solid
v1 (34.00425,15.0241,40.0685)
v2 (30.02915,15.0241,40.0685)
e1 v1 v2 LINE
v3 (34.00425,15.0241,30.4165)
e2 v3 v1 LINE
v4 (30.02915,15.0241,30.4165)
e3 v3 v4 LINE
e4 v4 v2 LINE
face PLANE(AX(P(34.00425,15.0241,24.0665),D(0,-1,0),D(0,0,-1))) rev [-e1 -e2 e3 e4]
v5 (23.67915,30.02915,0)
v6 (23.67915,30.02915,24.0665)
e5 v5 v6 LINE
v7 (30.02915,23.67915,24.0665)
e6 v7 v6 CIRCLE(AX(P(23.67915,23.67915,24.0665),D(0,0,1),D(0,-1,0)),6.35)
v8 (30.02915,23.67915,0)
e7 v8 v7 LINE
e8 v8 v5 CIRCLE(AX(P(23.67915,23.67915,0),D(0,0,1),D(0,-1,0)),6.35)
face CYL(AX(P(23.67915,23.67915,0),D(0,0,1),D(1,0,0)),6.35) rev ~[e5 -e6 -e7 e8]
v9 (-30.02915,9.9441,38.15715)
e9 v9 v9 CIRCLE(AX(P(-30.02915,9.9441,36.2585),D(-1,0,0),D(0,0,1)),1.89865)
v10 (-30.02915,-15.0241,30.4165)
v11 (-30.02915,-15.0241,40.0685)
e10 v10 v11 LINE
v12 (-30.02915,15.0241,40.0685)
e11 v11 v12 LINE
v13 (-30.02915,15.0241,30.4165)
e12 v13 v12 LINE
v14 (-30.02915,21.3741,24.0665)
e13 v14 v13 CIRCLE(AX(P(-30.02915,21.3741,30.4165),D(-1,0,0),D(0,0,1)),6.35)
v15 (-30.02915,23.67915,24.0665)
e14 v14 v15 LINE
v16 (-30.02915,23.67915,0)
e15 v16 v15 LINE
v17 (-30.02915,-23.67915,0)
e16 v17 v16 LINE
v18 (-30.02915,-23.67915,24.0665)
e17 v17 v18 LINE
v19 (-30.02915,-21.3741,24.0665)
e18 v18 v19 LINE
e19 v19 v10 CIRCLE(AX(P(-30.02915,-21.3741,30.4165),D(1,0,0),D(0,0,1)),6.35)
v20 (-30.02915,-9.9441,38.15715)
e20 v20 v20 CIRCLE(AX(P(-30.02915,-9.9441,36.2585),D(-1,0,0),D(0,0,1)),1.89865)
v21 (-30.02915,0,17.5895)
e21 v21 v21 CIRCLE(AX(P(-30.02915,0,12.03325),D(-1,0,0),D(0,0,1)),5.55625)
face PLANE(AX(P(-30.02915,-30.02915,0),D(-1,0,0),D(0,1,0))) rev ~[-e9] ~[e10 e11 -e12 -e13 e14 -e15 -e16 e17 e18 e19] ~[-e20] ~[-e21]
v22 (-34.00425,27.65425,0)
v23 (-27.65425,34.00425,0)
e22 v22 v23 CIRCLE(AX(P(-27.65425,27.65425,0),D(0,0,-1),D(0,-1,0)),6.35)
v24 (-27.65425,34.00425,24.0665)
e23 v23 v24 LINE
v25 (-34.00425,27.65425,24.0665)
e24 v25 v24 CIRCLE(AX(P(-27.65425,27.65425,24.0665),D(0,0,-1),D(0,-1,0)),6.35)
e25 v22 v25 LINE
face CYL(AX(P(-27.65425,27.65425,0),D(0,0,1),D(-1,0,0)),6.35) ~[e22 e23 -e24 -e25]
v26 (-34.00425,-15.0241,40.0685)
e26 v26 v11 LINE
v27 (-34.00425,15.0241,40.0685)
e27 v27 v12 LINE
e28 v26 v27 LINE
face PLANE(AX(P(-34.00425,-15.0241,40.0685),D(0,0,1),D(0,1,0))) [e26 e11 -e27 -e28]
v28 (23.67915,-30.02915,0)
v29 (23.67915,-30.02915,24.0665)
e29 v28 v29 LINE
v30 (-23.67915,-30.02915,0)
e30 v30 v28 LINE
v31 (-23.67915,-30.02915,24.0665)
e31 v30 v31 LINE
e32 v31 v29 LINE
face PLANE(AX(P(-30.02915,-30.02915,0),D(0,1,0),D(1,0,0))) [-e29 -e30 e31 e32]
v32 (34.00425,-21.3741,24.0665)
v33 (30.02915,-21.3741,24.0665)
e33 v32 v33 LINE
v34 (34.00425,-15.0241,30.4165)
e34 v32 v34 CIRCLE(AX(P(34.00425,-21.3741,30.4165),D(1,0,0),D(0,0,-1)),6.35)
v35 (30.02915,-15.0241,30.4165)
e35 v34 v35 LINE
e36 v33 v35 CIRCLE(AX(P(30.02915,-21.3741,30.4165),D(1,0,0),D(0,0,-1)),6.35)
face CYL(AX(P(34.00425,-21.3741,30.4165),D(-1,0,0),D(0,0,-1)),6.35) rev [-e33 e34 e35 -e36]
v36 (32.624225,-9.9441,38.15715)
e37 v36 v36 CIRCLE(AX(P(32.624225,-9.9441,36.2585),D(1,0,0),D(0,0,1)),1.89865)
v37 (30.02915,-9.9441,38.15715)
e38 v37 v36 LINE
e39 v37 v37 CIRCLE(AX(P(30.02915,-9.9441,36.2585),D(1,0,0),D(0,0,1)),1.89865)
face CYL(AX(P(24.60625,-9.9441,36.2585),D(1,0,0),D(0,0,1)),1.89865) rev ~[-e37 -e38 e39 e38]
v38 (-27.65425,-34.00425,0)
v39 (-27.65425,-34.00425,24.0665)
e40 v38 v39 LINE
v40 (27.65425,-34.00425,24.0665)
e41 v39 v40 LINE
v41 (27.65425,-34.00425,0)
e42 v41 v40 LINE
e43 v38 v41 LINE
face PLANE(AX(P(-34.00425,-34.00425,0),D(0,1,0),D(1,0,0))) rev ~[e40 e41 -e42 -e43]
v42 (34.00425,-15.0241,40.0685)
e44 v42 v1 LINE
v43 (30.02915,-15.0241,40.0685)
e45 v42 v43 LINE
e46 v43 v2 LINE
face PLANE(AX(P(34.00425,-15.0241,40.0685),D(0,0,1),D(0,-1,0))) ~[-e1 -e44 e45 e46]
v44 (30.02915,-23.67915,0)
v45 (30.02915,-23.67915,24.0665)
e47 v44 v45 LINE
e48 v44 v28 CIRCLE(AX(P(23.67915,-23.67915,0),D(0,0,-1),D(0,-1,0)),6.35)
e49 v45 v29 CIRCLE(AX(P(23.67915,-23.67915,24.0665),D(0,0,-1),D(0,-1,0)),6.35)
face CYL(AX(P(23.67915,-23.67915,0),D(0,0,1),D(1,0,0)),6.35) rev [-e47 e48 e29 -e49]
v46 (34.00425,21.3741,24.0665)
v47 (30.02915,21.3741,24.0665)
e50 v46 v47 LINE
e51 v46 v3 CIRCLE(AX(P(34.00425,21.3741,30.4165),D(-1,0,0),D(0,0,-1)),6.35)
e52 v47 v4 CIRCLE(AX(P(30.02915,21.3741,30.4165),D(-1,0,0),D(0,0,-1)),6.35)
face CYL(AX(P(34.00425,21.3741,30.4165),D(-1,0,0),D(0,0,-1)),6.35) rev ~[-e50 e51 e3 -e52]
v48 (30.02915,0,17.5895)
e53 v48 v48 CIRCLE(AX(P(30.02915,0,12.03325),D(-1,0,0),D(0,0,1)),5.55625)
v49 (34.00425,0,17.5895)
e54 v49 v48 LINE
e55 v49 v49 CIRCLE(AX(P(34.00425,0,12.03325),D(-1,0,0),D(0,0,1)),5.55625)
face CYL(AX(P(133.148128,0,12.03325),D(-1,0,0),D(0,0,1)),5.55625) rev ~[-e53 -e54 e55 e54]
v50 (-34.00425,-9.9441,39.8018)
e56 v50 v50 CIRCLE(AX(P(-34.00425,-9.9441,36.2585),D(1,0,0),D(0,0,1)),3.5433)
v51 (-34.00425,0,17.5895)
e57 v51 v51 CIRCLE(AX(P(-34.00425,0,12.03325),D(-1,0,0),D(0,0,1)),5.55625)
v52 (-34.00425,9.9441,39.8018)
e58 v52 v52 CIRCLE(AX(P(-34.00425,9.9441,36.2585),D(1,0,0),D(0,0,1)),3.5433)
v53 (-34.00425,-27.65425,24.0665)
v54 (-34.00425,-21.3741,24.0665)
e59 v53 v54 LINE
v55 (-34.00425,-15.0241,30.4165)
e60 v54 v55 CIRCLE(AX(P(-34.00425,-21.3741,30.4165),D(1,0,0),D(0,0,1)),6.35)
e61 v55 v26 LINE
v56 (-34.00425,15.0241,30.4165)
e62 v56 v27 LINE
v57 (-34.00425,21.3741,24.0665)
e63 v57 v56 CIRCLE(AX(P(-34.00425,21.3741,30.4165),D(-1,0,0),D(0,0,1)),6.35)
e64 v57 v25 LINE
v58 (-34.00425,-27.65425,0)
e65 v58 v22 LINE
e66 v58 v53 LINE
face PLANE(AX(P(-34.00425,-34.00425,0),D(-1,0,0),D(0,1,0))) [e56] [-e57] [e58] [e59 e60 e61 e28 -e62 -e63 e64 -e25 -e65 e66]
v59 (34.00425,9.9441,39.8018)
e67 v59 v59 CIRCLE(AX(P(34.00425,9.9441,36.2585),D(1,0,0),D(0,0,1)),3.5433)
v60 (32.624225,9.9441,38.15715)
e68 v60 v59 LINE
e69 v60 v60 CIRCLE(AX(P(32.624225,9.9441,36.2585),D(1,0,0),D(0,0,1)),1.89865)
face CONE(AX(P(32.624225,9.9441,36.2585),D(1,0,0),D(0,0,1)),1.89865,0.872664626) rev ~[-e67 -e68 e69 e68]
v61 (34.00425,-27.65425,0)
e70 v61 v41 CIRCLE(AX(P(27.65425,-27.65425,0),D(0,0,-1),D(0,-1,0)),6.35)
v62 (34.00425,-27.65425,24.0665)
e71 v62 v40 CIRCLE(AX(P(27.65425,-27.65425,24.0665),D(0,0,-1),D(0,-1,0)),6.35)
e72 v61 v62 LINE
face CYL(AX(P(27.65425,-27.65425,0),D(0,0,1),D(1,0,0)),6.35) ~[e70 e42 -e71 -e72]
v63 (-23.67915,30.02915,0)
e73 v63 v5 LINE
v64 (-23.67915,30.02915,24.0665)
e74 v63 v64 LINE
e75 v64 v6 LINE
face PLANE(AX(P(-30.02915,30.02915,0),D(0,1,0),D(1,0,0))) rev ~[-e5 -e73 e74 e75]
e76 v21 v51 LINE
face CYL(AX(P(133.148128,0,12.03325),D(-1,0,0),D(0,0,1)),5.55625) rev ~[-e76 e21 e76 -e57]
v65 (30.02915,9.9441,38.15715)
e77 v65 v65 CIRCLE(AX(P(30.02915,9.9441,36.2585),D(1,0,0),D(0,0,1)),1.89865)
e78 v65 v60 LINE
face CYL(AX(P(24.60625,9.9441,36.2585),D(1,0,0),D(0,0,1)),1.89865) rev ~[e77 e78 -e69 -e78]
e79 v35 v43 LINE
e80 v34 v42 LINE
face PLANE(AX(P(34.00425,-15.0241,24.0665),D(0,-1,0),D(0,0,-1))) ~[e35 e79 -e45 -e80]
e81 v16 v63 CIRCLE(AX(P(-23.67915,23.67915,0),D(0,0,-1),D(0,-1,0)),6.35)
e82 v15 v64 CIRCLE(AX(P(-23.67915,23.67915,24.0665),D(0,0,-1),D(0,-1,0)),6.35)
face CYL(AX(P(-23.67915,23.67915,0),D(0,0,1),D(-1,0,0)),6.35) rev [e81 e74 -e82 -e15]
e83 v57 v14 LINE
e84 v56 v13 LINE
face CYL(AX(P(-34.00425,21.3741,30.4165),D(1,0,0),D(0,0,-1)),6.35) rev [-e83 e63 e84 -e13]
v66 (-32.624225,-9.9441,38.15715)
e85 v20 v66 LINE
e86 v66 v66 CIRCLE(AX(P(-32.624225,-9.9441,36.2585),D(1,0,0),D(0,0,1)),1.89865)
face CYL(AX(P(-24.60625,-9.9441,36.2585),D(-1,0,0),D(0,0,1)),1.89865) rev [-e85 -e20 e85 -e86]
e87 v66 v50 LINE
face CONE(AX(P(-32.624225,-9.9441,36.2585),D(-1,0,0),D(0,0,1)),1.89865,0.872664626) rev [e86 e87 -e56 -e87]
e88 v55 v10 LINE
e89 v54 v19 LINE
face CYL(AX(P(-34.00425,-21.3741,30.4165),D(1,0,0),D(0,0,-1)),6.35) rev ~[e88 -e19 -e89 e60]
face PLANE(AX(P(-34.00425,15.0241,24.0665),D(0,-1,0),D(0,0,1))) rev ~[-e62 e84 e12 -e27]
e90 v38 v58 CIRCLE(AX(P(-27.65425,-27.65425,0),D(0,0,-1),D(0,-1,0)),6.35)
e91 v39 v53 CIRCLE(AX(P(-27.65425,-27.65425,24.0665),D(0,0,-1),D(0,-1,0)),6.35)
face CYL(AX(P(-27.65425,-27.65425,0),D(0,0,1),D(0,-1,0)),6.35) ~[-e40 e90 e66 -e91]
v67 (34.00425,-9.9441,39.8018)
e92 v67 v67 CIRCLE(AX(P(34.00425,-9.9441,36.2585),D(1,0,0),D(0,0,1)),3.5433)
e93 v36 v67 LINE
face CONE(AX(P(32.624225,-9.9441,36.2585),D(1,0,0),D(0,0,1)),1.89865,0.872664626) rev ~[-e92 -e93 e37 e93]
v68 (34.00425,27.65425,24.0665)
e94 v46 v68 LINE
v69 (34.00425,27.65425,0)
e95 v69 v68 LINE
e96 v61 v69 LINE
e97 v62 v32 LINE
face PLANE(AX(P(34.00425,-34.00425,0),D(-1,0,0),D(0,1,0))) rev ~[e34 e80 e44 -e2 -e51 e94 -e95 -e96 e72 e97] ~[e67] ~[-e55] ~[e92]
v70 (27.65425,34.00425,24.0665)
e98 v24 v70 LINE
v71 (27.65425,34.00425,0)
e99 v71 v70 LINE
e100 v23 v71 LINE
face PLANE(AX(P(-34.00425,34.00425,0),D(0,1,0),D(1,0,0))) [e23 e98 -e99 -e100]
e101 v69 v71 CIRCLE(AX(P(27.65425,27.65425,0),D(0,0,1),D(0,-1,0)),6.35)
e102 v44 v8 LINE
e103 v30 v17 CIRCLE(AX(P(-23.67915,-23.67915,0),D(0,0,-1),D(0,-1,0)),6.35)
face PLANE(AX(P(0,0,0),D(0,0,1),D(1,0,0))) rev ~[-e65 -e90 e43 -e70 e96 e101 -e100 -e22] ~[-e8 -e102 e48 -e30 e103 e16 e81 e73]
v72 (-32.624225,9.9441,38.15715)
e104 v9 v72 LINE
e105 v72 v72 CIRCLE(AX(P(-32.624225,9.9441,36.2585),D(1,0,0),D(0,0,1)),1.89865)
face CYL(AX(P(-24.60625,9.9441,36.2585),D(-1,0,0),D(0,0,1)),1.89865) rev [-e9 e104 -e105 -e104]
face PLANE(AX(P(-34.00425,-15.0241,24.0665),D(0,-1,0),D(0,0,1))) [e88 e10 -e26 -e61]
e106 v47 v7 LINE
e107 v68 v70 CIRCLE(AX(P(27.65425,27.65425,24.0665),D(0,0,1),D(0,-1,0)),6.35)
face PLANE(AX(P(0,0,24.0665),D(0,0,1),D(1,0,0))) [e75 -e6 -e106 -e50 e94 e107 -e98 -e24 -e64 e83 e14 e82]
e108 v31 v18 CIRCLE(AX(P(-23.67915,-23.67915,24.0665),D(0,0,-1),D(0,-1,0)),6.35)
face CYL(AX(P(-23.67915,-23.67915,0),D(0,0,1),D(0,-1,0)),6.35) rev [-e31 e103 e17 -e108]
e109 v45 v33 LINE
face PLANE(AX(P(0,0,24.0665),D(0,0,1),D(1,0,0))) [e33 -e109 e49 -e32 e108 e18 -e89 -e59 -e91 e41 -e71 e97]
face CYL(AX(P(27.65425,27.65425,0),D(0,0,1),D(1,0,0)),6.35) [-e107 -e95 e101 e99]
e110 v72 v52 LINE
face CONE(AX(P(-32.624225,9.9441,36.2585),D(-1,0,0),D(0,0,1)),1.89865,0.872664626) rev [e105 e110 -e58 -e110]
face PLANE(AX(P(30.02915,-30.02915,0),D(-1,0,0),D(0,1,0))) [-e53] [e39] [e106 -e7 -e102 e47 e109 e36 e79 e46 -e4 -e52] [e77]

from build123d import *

# Parameters (mm, degrees)
SKETCH1_W                                 = 68.0085
SKETCH1_H                                 = 68.0085
SKETCH1_W_2                               = 60.0583
SKETCH1_H_2                               = 60.0583
BOSS_EXTRUDE1_DEPTH                       = 24.0665
F_7_16_0_4375_DIAMETER_HOLE1_D            = 11.1125
SKETCH10_W                                = 16.002
SKETCH10_H                                = 30.0482
BOSS_EXTRUDE2_DEPTH                       = 3.9751
FILLET1_R                                 = 6.35
FILLET1_OF_MIRROR1_R                      = 6.35
FILLET2_R                                 = 6.35
FILLET3_R                                 = 6.35
CSK_FOR_6_FLAT_HEAD_MACHINE_SCREW_2_COUNT = 2
CSK_FOR_6_FLAT_HEAD_MACHINE_SCREW_2_PITCH = 19.8882


with BuildPart() as part:
    # Sketch1 → Boss-Extrude1 (new body)
    with BuildSketch(Plane.XY):
        Rectangle(SKETCH1_W, SKETCH1_H)
        Rectangle(SKETCH1_W_2, SKETCH1_H_2, mode=Mode.SUBTRACT)
    extrude(amount=BOSS_EXTRUDE1_DEPTH)

    # 7/16 (0.4375) Diameter Hole1 (through all)
    with Locations(Plane(origin=(34.00425, 0, 0), x_dir=(0, 0, -1), z_dir=(1, 0, 0))):
        with Locations((-12.03325, 0)):
            Hole(F_7_16_0_4375_DIAMETER_HOLE1_D / 2)

    # Sketch10 → Boss-Extrude2 (add)
    with BuildSketch(Plane.ZY.offset(34.00425)):
        with Locations((32.0675, 0)):
            Rectangle(SKETCH10_W, SKETCH10_H)
    boss_extrude2 = extrude(amount=-BOSS_EXTRUDE2_DEPTH)

    # Fillet1
    fillet1_edges = [part.edges().sort_by_distance(p)[0] for p in [
        (-32.0167, -15.0241, 24.0665),
        (-32.0167, 15.0241, 24.0665),
    ]]
    fillet(fillet1_edges, radius=FILLET1_R)

    # Mirror1: Boss-Extrude2 across plane
    add(boss_extrude2.mirror(Plane(origin=(0, 0, 0), x_dir=(0, 0, 1), z_dir=(1, 0, 0))))

    # Fillet1 of Mirror1
    fillet1_of_mirror1_edges = [part.edges().sort_by_distance(p)[0] for p in [
        (32.0167, -15.0241, 24.0665),
        (32.0167, 15.0241, 24.0665),
    ]]
    fillet(fillet1_of_mirror1_edges, radius=FILLET1_OF_MIRROR1_R)

    # Fillet2
    fillet2_edges = [part.edges().sort_by_distance(p)[0] for p in [
        (34.00425, -34.00425, 12.03325),
        (-34.00425, -34.00425, 12.03325),
        (-34.00425, 34.00425, 12.03325),
        (34.00425, 34.00425, 12.03325),
    ]]
    fillet(fillet2_edges, radius=FILLET2_R)

    # Fillet3
    fillet3_edges = [part.edges().sort_by_distance(p)[0] for p in [
        (30.02915, -30.02915, 12.03325),
        (30.02915, 30.02915, 12.03325),
        (-30.02915, 30.02915, 12.03325),
        (-30.02915, -30.02915, 12.03325),
    ]]
    fillet(fillet3_edges, radius=FILLET3_R)

    # Sketch14 → CSK for #6 Flat Head Machine Screw (100)1 (revolve, cut)
    with BuildSketch(Plane(origin=(-34.00425, 9.9441, 36.2585), x_dir=(0, 0, 1), z_dir=(0, 1, 0))):
        Polygon((0, 0), (0, 10.538824014), (1.89865, 9.398), (1.89865, 1.380025208), (3.5433, 0), align=None)
    csk_for_6_flat_head_machine_screw_100 = revolve(axis=Axis((-40.35425, 9.9441, 36.2585), (1, 0, 0)), mode=Mode.SUBTRACT)

    # CSK for _6 Flat Head Machine Screw _ 2: CSK for #6 Flat Head Machine Screw (100)1 ×2
    with Locations(*[(0, -i * CSK_FOR_6_FLAT_HEAD_MACHINE_SCREW_2_PITCH, 0) for i in range(1, CSK_FOR_6_FLAT_HEAD_MACHINE_SCREW_2_COUNT)]):
        add(csk_for_6_flat_head_machine_screw_100, mode=Mode.SUBTRACT)

    # Mirror2: CSK for #6 Flat Head Machine Screw (100)1 across plane
    add(csk_for_6_flat_head_machine_screw_100.mirror(Plane(origin=(0, 0, 0), x_dir=(0, 0, 1), z_dir=(1, 0, 0))), mode=Mode.SUBTRACT)

    # Mirror2 copy 1 sketch → Mirror2 copy 1 (revolve, cut)
    with BuildSketch(Plane(origin=(34.00425, -9.9441, 36.2585), x_dir=(0, 0, 1), z_dir=(0, 1, 0))):
        Polygon((0, 0), (0, -10.538824014), (1.89865, -9.398), (1.89865, -1.380025208), (3.5433, 0), align=None)
    revolve(axis=Axis((40.35425, -9.9441, 36.2585), (1, 0, 0)), mode=Mode.SUBTRACT)


solid = part.part
